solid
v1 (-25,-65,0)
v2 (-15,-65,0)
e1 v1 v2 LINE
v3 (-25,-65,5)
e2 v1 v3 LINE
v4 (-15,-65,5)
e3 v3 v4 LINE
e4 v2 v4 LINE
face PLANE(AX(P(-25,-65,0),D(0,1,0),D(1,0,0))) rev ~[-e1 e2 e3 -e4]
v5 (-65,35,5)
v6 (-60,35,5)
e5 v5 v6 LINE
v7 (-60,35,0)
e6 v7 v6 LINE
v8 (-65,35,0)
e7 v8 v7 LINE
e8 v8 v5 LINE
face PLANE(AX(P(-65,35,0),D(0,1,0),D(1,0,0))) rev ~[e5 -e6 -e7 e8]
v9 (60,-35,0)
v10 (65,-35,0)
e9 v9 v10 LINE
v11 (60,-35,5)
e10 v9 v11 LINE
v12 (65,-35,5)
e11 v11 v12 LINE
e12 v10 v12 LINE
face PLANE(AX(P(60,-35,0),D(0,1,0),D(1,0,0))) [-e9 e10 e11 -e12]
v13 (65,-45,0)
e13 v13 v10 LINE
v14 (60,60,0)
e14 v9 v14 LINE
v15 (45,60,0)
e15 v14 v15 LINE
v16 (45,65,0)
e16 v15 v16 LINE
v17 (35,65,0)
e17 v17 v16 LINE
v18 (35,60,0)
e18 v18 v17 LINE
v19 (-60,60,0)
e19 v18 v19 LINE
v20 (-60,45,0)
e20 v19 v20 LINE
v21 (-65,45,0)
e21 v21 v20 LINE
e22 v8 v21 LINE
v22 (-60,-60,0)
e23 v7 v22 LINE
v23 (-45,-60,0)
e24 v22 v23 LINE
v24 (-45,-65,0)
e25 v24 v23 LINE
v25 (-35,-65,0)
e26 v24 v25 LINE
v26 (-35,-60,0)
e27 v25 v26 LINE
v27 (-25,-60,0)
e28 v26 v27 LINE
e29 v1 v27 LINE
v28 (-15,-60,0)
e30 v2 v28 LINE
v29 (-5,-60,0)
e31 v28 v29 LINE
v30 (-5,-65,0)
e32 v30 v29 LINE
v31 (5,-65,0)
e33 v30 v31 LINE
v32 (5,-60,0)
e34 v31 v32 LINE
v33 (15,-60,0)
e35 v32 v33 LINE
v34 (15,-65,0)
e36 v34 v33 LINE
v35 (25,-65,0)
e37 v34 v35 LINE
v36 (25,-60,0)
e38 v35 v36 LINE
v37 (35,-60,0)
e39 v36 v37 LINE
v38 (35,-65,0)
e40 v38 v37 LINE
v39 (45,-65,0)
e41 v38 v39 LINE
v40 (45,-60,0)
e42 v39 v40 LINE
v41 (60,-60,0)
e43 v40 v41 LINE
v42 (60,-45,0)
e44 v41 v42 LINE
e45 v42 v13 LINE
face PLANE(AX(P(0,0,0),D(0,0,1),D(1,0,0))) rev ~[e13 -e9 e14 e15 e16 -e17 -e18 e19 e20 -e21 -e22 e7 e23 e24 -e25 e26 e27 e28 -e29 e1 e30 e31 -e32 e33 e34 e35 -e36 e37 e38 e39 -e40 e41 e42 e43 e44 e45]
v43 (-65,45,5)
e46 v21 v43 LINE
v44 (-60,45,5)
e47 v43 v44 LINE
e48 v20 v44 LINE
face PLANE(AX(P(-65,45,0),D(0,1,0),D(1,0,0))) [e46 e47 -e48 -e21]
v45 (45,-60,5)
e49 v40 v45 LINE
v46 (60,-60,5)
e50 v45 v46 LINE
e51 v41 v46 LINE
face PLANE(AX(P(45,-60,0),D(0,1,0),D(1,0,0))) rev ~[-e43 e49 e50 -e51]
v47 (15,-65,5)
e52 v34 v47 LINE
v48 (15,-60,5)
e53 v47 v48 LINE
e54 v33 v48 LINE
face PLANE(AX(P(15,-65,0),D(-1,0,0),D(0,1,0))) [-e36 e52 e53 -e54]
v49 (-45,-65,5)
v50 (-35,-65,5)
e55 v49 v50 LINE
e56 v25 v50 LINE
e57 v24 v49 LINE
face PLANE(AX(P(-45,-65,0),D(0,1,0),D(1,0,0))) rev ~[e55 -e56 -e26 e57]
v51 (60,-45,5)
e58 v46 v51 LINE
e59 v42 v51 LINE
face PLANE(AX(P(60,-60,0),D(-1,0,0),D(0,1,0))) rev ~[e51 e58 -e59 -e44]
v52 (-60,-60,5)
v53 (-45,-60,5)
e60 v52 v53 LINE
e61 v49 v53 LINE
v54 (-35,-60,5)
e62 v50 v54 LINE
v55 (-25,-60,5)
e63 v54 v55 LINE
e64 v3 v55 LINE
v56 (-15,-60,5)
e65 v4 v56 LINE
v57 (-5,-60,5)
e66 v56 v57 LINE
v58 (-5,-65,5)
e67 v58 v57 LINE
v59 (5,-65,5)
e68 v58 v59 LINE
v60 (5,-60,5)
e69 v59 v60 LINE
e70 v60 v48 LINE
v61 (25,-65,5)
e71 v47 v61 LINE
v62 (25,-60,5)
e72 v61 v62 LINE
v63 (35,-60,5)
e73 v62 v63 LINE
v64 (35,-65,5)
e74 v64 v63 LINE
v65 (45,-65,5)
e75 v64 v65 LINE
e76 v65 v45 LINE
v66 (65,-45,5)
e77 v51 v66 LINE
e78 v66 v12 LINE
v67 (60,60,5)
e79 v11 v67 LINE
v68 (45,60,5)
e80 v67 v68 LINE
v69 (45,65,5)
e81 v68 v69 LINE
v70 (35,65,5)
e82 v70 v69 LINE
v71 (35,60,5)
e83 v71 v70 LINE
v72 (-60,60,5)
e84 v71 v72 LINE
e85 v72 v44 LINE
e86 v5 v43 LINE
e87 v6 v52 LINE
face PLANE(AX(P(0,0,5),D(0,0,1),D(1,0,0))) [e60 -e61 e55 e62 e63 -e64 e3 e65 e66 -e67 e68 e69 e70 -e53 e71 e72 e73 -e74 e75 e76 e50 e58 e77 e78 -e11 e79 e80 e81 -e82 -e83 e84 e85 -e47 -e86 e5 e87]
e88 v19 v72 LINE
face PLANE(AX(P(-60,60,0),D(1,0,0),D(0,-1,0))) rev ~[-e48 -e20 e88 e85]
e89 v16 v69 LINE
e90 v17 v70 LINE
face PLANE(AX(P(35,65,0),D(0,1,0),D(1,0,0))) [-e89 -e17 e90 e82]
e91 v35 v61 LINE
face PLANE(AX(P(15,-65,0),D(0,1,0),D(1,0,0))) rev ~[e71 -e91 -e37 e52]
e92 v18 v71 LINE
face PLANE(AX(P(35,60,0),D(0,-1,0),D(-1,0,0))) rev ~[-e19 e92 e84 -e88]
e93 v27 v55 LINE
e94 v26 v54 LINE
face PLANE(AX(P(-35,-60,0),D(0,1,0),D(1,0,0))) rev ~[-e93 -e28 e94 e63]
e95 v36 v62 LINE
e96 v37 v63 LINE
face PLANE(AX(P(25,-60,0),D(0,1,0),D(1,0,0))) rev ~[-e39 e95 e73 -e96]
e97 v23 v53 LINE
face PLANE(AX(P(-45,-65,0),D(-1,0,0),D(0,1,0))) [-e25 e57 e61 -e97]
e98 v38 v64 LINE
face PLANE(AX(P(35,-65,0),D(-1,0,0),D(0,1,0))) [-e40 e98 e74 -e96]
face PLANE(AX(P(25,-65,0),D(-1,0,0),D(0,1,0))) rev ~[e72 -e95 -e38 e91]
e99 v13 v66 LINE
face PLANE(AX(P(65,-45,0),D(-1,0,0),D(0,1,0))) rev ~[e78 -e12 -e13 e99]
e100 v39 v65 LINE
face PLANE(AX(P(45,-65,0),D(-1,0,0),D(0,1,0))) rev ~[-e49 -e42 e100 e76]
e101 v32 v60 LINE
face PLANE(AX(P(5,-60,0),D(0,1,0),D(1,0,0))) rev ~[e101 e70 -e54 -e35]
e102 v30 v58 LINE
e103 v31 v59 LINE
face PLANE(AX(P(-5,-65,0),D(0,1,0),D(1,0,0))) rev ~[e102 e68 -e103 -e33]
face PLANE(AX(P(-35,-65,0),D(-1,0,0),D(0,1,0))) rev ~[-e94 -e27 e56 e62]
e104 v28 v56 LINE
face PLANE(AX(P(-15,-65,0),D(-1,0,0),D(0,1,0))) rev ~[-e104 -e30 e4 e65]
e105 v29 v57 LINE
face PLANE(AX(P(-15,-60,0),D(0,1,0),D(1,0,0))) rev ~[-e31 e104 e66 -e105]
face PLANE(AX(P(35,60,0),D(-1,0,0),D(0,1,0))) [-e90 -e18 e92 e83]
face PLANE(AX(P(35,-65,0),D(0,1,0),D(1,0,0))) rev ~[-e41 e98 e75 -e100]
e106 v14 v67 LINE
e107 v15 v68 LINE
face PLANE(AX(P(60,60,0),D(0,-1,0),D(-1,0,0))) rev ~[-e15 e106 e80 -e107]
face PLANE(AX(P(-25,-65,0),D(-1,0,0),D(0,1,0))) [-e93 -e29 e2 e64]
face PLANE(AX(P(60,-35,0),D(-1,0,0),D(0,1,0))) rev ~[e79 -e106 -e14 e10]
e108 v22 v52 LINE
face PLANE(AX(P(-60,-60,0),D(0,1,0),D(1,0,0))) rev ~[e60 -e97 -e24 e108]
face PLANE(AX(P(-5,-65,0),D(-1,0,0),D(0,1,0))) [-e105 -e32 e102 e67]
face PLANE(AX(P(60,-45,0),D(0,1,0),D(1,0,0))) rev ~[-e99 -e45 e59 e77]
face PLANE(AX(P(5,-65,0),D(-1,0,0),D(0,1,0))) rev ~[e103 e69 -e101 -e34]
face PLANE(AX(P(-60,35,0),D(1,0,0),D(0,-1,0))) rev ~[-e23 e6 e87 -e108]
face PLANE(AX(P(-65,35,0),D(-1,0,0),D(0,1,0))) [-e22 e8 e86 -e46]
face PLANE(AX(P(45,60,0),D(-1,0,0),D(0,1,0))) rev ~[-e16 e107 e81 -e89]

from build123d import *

# Parameters (mm, degrees)
F0_W     = 10
F0_H     = 5
F0_W_2   = 5
F0_H_2   = 10
F1_DEPTH = 5


with BuildPart() as f1:
    # F0 (on Top) → F1 (new body)
    with BuildSketch(Plane.XY):
        Polygon((60, -35), (60, 60), (45, 60), (35, 60), (-60, 60), (-60, 45), (-60, 35), (-60, -60), (-45, -60), (-35, -60), (-25, -60), (-15, -60), (-5, -60), (5, -60), (15, -60), (25, -60), (35, -60), (45, -60), (60, -60), (60, -45), align=None)
        with Locations((40, 62.5)):
            Rectangle(F0_W, F0_H)
        with Locations((62.5, -40)):
            Rectangle(F0_W_2, F0_H_2)
        with Locations((-62.5, 40)):
            Rectangle(F0_W_2, F0_H_2)
        with Locations((40, -62.5)):
            Rectangle(F0_W, F0_H)
        with Locations((20, -62.5)):
            Rectangle(F0_W, F0_H)
        with Locations((-40, -62.5)):
            Rectangle(F0_W, F0_H)
        with Locations((0, -62.5)):
            Rectangle(F0_W, F0_H)
        with Locations((-20, -62.5)):
            Rectangle(F0_W, F0_H)
    extrude(amount=F1_DEPTH)


solid = f1.part
